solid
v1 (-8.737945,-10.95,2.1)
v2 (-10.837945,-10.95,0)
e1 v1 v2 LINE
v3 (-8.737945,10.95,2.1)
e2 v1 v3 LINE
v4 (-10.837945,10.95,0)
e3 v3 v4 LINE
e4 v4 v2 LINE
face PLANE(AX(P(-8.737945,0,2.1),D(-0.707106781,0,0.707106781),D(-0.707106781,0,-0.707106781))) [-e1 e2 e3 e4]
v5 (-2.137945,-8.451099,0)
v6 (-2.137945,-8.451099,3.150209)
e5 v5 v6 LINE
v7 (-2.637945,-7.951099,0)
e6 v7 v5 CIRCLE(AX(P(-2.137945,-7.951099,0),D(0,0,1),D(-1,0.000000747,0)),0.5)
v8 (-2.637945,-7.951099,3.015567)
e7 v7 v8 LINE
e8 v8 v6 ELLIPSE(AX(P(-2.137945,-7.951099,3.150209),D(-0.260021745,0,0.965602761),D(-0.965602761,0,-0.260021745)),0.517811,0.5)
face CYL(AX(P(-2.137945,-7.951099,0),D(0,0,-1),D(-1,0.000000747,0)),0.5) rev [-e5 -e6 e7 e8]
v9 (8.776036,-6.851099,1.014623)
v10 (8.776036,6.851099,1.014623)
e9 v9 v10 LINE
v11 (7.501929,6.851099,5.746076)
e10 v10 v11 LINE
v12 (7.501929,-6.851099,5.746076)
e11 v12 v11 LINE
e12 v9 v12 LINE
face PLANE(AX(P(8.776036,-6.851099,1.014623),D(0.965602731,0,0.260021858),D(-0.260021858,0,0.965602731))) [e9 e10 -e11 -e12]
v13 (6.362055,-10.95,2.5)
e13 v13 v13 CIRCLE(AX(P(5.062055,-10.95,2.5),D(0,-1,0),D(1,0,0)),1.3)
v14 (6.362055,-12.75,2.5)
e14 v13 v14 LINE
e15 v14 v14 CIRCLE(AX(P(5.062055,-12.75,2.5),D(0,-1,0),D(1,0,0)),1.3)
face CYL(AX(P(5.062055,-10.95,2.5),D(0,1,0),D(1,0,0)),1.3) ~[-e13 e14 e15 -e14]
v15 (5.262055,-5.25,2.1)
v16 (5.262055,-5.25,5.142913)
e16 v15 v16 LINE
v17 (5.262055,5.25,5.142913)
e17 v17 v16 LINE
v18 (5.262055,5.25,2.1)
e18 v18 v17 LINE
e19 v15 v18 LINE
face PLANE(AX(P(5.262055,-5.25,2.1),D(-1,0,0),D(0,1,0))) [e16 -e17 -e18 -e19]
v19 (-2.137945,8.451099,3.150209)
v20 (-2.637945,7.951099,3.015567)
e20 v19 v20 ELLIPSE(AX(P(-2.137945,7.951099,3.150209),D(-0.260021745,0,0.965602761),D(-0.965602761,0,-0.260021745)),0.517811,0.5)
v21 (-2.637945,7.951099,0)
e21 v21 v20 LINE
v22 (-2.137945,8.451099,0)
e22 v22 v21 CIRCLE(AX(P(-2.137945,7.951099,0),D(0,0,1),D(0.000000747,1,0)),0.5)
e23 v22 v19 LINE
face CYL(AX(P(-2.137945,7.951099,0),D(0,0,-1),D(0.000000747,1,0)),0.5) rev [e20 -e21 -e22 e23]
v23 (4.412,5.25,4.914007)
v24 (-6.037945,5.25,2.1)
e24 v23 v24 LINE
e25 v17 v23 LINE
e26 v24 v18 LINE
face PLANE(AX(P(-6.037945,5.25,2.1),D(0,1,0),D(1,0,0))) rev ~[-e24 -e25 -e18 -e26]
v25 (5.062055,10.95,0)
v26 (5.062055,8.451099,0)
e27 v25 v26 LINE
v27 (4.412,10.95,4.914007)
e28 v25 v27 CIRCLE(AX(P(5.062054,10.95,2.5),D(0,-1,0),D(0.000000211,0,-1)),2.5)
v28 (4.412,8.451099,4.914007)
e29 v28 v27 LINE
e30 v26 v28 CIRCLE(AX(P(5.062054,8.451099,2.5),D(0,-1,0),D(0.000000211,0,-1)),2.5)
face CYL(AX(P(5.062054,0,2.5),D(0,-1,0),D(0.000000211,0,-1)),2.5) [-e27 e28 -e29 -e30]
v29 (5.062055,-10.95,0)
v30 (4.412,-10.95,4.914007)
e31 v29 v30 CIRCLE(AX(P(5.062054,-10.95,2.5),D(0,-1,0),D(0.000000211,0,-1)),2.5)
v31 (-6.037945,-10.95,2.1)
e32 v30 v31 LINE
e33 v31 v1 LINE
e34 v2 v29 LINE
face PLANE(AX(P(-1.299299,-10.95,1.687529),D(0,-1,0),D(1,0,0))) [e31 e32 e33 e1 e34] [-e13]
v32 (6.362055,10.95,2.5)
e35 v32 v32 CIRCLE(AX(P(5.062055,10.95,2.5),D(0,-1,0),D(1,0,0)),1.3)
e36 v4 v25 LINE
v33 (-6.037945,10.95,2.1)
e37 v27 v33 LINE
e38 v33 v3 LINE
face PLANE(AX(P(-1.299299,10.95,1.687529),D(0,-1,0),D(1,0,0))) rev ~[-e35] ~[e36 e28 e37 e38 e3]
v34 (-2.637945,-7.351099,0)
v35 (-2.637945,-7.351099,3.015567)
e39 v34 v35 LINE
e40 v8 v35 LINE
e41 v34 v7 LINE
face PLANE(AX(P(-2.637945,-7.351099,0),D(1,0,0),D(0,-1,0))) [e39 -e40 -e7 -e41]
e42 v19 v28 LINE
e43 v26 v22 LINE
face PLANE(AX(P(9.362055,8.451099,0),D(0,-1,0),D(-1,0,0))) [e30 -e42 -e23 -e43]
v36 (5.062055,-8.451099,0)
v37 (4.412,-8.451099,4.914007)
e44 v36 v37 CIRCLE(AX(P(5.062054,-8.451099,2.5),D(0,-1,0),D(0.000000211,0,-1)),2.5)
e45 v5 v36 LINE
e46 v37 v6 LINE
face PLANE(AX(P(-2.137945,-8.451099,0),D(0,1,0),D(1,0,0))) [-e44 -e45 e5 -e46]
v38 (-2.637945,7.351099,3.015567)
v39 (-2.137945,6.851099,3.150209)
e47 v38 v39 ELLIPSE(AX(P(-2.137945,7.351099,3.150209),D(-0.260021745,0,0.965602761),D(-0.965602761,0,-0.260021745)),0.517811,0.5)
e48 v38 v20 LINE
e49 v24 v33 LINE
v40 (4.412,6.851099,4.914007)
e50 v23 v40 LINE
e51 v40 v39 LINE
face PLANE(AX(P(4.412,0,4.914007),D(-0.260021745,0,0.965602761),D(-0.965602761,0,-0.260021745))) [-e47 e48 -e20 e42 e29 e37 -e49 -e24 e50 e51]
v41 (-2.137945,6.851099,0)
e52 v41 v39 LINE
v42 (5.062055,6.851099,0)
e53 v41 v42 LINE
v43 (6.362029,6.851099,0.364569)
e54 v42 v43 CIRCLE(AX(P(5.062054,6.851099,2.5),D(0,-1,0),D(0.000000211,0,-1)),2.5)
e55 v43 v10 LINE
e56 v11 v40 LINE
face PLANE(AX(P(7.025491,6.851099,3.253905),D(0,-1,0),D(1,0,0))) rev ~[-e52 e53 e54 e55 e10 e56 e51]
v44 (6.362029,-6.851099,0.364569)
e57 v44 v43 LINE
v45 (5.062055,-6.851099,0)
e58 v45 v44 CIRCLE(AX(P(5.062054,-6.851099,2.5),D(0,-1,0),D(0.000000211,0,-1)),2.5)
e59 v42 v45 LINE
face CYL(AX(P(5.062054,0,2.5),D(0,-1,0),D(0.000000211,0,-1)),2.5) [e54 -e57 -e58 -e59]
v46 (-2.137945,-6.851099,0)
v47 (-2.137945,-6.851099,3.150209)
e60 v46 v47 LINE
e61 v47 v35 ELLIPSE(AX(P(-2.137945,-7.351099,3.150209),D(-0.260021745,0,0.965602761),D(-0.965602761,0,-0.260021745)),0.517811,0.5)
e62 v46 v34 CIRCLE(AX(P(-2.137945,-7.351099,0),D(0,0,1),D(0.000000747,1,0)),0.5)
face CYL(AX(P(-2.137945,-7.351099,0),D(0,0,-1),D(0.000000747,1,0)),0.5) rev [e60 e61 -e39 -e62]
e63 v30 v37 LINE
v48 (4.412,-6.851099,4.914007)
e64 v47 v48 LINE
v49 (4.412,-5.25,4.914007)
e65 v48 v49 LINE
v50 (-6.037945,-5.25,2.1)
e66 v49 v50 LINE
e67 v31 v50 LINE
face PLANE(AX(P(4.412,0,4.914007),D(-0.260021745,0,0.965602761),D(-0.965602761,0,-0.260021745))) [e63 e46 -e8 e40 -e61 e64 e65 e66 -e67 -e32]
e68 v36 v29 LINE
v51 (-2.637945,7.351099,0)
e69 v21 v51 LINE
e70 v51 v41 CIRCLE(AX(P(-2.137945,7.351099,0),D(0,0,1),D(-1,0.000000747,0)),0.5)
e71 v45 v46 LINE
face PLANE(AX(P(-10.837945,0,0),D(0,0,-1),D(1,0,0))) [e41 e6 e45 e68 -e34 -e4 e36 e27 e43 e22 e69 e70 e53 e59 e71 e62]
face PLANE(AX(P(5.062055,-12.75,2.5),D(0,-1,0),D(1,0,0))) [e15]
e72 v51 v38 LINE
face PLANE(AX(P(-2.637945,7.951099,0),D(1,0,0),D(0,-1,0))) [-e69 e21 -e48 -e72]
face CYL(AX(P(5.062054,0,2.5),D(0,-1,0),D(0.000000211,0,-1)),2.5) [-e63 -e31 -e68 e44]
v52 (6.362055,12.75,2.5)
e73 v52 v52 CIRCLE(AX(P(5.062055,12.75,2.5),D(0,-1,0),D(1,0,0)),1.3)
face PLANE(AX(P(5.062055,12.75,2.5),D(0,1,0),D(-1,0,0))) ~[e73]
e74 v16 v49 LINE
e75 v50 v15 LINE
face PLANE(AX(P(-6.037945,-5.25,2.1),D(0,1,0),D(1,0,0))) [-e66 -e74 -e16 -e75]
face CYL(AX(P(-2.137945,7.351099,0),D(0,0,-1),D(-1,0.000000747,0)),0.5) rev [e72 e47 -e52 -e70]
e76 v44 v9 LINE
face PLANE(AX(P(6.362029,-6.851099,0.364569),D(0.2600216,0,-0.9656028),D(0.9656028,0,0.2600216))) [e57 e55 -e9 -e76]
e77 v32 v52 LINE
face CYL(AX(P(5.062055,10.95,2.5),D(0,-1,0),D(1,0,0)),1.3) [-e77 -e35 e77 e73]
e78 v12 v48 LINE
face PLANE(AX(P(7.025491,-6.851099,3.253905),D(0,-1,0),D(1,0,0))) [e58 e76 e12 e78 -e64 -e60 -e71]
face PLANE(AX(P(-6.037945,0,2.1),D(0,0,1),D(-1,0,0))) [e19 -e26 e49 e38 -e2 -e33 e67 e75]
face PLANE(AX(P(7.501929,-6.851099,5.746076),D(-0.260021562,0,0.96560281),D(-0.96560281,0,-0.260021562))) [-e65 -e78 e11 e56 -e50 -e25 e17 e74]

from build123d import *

# Parameters (mm, degrees)
F1_DEPTH  = 10.95
F2_R      = 1.3
F3_DEPTH  = 1.8
F6_DEPTH  = 5.001
F8_DEPTH  = 13.702198
F9_W      = 11.3
F9_H      = 10.5
F10_DEPTH = 3.647076


with BuildPart() as f1:
    # F0 (on Front) → F1 (new body, symmetric)
    with BuildSketch(Plane.XZ):
        with BuildLine():
            Line((-8.737945, 2.1), (-10.837945, 0))
            Line((-10.837945, 0), (5.062055, 0))
            ThreePointArc((5.062055, 0), (7.540463, 2.827859), (4.412, 4.914007))
            Line((4.412, 4.914007), (-6.037945, 2.1))
            Line((-6.037945, 2.1), (-8.737945, 2.1))
        make_face()
    extrude(amount=F1_DEPTH, both=True)

    # F2 (on face) → F3 (join)
    with BuildSketch(Plane.XZ.offset(10.95)):
        with Locations((5.062055, 2.5)):
            Circle(F2_R)
    extrude(amount=F3_DEPTH)

    # F4: F1 across plane


with BuildPart() as f1_1:
    add(f1.part)
    add(f1.part.mirror(Plane.XZ))

    # F5 (on Top) → F6 (cut, through all)
    with BuildSketch(Plane.XY):
        with BuildLine():
            Line((9.362055, 8.451099), (-2.137945, 8.451099))
            ThreePointArc((-2.137945, 8.451099), (-2.491499, 8.304652), (-2.637945, 7.951099))
            Line((-2.637945, 7.951099), (-2.637945, 7.351099))
            ThreePointArc((-2.637945, 7.351099), (-2.491499, 6.997546), (-2.137945, 6.851099))
            Line((-2.137945, 6.851099), (9.362055, 6.851099))
            Line((9.362055, 6.851099), (9.362055, 8.451099))
        make_face()
        with BuildLine():
            Line((9.362055, -8.451099), (9.362055, -6.851099))
            Line((9.362055, -6.851099), (-2.137945, -6.851099))
            ThreePointArc((-2.137945, -6.851099), (-2.491499, -6.997546), (-2.637945, -7.351099))
            Line((-2.637945, -7.351099), (-2.637945, -7.951099))
            ThreePointArc((-2.637945, -7.951099), (-2.491499, -8.304652), (-2.137945, -8.451099))
            Line((-2.137945, -8.451099), (9.362055, -8.451099))
        make_face()
    extrude(amount=F6_DEPTH, mode=Mode.SUBTRACT)

    # F7 (on face) → F8 (join, through all)
    with BuildSketch(Plane.XZ.offset(6.851099)):
        with BuildLine():
            Line((7.501929, 5.746076), (4.412, 4.914007))
            ThreePointArc((4.412, 4.914007), (7.359868, 3.484913), (6.362029, 0.364569))
            Line((6.362029, 0.364569), (8.776036, 1.014623))
            Line((8.776036, 1.014623), (7.501929, 5.746076))
        make_face()
    extrude(amount=-F8_DEPTH)

    # F9 (on face) → F10 (cut, through all)
    with BuildSketch(Plane.XY.offset(2.1)):
        with Locations((-0.387945, 0)):
            Rectangle(F9_W, F9_H)
    extrude(amount=F10_DEPTH, mode=Mode.SUBTRACT)


solid = f1_1.part
